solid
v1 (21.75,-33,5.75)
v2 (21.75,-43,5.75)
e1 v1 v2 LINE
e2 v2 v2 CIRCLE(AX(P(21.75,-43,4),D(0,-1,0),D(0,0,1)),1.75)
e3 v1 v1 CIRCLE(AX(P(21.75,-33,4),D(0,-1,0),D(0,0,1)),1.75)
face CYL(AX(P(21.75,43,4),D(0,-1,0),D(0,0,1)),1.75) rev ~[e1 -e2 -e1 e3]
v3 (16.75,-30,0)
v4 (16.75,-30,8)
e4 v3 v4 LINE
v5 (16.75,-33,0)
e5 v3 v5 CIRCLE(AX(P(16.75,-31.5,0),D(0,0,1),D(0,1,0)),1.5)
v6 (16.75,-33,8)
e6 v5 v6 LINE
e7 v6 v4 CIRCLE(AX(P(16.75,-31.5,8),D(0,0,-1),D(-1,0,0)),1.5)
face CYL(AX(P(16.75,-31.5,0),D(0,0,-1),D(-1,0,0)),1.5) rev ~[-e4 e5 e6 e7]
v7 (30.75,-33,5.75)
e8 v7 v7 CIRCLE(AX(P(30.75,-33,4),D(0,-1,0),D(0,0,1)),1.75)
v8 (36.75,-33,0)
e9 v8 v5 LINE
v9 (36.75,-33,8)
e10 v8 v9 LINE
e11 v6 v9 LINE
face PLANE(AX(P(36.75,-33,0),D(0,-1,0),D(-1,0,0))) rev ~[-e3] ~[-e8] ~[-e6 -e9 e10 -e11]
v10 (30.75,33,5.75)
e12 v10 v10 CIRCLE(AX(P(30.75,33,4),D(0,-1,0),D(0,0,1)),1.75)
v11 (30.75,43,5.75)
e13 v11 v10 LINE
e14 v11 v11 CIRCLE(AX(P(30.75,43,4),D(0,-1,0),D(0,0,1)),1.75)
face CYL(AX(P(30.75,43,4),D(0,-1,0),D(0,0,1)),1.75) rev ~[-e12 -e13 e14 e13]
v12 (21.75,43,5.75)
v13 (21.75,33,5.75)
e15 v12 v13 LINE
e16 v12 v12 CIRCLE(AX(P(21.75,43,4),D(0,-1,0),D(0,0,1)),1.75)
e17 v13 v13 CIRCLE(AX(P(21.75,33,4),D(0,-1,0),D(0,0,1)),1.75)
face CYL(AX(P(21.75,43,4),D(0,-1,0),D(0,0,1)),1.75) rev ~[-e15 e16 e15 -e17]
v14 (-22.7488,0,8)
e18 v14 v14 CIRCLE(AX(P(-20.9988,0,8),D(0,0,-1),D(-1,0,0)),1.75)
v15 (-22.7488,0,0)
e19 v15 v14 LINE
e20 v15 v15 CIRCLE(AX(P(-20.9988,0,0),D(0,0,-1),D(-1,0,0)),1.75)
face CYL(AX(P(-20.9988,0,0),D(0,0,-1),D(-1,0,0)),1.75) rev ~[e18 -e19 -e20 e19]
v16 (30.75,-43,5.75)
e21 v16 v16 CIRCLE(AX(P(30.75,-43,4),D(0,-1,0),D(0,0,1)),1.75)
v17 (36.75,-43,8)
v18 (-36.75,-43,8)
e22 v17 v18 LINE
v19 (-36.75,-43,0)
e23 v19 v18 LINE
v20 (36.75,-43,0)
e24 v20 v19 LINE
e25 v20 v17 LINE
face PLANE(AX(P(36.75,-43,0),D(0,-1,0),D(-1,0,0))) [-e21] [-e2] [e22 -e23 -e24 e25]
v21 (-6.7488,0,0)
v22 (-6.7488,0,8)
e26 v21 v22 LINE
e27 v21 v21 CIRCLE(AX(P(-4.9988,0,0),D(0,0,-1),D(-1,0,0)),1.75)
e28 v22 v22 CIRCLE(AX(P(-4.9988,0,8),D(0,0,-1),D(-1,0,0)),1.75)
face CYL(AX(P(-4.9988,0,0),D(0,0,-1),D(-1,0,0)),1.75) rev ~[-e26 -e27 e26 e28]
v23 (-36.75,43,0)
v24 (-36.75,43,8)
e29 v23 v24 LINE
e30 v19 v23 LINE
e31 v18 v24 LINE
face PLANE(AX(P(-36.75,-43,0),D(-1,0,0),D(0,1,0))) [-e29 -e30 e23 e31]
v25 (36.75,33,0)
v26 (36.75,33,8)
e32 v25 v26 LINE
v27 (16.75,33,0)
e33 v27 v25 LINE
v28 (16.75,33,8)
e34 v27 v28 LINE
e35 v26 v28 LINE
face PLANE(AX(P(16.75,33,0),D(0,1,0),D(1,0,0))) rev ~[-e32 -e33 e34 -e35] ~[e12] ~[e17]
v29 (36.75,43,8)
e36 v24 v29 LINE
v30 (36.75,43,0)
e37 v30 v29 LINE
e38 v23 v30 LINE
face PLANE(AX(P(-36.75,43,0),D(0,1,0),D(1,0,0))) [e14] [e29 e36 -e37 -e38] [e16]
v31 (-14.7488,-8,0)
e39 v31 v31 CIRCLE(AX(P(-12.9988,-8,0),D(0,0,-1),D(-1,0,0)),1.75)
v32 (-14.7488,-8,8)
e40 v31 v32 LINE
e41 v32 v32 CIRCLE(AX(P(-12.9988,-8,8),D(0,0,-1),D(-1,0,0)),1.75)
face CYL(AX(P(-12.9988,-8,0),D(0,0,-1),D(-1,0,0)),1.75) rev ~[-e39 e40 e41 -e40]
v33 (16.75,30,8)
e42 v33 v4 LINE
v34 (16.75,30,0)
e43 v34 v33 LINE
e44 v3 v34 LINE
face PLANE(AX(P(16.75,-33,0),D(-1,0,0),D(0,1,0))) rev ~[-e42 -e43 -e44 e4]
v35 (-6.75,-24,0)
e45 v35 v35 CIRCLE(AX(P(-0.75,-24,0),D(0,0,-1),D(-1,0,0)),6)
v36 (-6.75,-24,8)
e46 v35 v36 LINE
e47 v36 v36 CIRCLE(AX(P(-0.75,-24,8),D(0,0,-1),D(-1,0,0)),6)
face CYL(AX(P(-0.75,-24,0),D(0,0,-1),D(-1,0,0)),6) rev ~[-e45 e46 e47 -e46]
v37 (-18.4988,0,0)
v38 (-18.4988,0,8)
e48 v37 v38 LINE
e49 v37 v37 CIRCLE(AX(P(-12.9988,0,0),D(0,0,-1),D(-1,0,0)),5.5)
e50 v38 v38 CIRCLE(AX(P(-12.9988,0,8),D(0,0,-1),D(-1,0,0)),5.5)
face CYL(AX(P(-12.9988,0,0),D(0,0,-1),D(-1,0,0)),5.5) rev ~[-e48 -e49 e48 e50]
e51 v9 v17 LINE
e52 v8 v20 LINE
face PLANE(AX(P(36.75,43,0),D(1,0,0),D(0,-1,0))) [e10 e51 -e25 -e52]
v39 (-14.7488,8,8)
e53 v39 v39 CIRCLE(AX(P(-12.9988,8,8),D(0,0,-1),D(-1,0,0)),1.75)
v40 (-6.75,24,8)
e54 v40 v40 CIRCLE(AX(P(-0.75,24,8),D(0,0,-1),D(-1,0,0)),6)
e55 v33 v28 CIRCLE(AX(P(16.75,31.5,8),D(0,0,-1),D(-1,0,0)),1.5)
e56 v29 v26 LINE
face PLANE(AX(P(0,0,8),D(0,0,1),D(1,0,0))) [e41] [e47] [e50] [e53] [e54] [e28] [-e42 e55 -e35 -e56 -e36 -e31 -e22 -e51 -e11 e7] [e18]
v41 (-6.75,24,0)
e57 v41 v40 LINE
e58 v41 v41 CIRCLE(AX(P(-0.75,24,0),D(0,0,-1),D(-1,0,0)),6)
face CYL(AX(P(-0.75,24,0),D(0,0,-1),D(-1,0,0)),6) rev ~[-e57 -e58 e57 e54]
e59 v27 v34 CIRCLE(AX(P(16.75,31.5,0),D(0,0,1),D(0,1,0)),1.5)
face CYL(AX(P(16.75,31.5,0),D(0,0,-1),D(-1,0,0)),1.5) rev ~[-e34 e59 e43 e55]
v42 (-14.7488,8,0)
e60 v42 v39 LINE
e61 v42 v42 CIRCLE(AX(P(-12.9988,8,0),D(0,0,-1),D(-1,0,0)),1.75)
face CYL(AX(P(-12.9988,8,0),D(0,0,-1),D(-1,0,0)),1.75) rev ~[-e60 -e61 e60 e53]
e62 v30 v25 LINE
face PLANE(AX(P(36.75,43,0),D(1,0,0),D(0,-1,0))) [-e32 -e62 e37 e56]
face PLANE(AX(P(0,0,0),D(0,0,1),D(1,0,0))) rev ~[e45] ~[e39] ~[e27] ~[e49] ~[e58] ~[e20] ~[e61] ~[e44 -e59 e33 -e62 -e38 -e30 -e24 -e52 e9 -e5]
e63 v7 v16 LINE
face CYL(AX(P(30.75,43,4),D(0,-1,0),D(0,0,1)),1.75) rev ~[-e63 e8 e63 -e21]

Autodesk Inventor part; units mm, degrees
ref_plane "YZ Plane" through (0, 0, 0) normal (1, 0, 0) x (0, 1, 0)
ref_plane "XZ Plane" through (0, 0, 0) normal (0, 1, 0) x (-1, 0, 0)
ref_plane "XY Plane" through (0, 0, 0) normal (0, 0, 1) x (1, 0, 0)
sketch "Sketch1" plane through (0, 0, 0) normal (0, 0, 1) x (1, 0, 0)
  line L0 (-36.75, 43) -> (36.75, 43)
  line L1 (36.75, 43) -> (36.75, -43)
  line L2 (36.75, -43) -> (-36.75, -43)
  line L3 (-36.75, -43) -> (-36.75, 43)
  point P0 (0, 0)
  point P1 (0, 43)
  point P2 (-36.75, 0)
  dimension "d0" = 73.5
  dimension "d1" = 86
extrude "Extrusion1" add sketch "Sketch1" along normal blind 8
sketch "Sketch4" plane through (0, 0, 0) normal (0, 0, -1) x (-1, 0, 0)
  line L0 (-36.75, -33) -> (-16.75, -33)
  line L1 (-16.75, -33) -> (-16.75, 33)
  line L2 (-16.75, 33) -> (-36.75, 33)
  line L3 (-36.75, 33) -> (-36.75, -33)
  line L4 (-36.75, -43) -> (-36.75, 43) projected
  point P0 (0, 0)
  point P1 (-36.75, 0)
  dimension "d19" = 20
  dimension "d20" = 66
extrude "Extrusion4" cut sketch "Sketch4" against normal blind 10
sketch "Sketch5" plane through (0, 0, 0) normal (0, 0, -1) x (-1, 0, 0)
  circle A0 centre (0.75, -24) radius 6
  circle A1 centre (0.75, 24) radius 6
  line L0 (-8.75, -33) -> (-8.75, 33) projected
  line L1 (-36.75, 33) -> (-36.75, 43) projected
  line L2 (-36.75, 43) -> (36.75, 43) projected
  line L3 (36.75, -43) -> (-36.75, -43) projected
  dimension "d23" = 12
  dimension "d37" = 37.5
  dimension "d38" = 19
  dimension "d39" = 19
extrude "Extrusion5" cut sketch "Sketch5" against normal blind 10
sketch "Sketch6" plane through (0, 0, 0) normal (0, 0, -1) x (-1, 0, 0)
  circle A0 centre (12.9988, 0) radius 11
  circle A1 centre (12.9988, -8) radius 1.75
  circle A2 centre (4.9988, 0) radius 1.75
  circle A3 centre (12.9988, 8) radius 1.75
  circle A4 centre (20.9988, 0) radius 1.75
  circle A5 centre (12.9988, 0) radius 5.5
  circle A6 centre (12.9988, 0) radius 8 construction
  line L0 (36.75, 43) -> (36.75, -43) construction
  line L1 (-36.75, 43) -> (36.75, 43) construction
  point P0 (0, 0)
  dimension "d42" = 3.5
  dimension "d43" = 11
  dimension "d44" = 23.7512
  dimension "d46" = 22
  dimension "d47" = 16
extrude "Extrusion6" cut sketch "Sketch6" against normal blind 10 contours A1 | A2 | A3 | A4 | A5
sketch "Sketch7" plane through (-36.75, 43, 0) normal (0, 1, 0) x (1, 0, 0)
  line L0 (73.5, 0) -> (73.5, -8) projected
  point P0 (36.75, 0)
  point P1 (58.5, -4)
  point P2 (67.5, -4)
  point P3 (73.5, -4)
  dimension "d48" = 9
  dimension "d49" = 6
hole "Hole1" at (21.75, 43, 4) at (30.75, 43, 4) direction (0, -1, 0) diameter 3.5 end through all
sketch "Sketch8" plane through (0, 0, 0) normal (0, 0, -1) x (-1, 0, 0)
  circle A0 centre (-16.75, 31.5) radius 1.5
  circle A1 centre (-16.75, -31.5) radius 1.5
  line L0 (-16.75, 33) -> (-16.75, -33) projected
  line L1 (-36.75, 33) -> (-16.75, 33) projected
  line L2 (-16.75, -33) -> (-36.75, -33) projected
  point P0 (0, 0)
  point P1 (-16.75, -30)
  point P2 (-16.75, 30)
  dimension "d57" = 3
  dimension "d58" = 3
extrude "Extrusion7" cut sketch "Sketch8" against normal through all contours A0 L0 | A1 L0 picked at (-15.9713, 31.7539) picked at (-16.4218, -31.037)
equation "\"d39\" = d38"
properties part number "0005-10-010"
